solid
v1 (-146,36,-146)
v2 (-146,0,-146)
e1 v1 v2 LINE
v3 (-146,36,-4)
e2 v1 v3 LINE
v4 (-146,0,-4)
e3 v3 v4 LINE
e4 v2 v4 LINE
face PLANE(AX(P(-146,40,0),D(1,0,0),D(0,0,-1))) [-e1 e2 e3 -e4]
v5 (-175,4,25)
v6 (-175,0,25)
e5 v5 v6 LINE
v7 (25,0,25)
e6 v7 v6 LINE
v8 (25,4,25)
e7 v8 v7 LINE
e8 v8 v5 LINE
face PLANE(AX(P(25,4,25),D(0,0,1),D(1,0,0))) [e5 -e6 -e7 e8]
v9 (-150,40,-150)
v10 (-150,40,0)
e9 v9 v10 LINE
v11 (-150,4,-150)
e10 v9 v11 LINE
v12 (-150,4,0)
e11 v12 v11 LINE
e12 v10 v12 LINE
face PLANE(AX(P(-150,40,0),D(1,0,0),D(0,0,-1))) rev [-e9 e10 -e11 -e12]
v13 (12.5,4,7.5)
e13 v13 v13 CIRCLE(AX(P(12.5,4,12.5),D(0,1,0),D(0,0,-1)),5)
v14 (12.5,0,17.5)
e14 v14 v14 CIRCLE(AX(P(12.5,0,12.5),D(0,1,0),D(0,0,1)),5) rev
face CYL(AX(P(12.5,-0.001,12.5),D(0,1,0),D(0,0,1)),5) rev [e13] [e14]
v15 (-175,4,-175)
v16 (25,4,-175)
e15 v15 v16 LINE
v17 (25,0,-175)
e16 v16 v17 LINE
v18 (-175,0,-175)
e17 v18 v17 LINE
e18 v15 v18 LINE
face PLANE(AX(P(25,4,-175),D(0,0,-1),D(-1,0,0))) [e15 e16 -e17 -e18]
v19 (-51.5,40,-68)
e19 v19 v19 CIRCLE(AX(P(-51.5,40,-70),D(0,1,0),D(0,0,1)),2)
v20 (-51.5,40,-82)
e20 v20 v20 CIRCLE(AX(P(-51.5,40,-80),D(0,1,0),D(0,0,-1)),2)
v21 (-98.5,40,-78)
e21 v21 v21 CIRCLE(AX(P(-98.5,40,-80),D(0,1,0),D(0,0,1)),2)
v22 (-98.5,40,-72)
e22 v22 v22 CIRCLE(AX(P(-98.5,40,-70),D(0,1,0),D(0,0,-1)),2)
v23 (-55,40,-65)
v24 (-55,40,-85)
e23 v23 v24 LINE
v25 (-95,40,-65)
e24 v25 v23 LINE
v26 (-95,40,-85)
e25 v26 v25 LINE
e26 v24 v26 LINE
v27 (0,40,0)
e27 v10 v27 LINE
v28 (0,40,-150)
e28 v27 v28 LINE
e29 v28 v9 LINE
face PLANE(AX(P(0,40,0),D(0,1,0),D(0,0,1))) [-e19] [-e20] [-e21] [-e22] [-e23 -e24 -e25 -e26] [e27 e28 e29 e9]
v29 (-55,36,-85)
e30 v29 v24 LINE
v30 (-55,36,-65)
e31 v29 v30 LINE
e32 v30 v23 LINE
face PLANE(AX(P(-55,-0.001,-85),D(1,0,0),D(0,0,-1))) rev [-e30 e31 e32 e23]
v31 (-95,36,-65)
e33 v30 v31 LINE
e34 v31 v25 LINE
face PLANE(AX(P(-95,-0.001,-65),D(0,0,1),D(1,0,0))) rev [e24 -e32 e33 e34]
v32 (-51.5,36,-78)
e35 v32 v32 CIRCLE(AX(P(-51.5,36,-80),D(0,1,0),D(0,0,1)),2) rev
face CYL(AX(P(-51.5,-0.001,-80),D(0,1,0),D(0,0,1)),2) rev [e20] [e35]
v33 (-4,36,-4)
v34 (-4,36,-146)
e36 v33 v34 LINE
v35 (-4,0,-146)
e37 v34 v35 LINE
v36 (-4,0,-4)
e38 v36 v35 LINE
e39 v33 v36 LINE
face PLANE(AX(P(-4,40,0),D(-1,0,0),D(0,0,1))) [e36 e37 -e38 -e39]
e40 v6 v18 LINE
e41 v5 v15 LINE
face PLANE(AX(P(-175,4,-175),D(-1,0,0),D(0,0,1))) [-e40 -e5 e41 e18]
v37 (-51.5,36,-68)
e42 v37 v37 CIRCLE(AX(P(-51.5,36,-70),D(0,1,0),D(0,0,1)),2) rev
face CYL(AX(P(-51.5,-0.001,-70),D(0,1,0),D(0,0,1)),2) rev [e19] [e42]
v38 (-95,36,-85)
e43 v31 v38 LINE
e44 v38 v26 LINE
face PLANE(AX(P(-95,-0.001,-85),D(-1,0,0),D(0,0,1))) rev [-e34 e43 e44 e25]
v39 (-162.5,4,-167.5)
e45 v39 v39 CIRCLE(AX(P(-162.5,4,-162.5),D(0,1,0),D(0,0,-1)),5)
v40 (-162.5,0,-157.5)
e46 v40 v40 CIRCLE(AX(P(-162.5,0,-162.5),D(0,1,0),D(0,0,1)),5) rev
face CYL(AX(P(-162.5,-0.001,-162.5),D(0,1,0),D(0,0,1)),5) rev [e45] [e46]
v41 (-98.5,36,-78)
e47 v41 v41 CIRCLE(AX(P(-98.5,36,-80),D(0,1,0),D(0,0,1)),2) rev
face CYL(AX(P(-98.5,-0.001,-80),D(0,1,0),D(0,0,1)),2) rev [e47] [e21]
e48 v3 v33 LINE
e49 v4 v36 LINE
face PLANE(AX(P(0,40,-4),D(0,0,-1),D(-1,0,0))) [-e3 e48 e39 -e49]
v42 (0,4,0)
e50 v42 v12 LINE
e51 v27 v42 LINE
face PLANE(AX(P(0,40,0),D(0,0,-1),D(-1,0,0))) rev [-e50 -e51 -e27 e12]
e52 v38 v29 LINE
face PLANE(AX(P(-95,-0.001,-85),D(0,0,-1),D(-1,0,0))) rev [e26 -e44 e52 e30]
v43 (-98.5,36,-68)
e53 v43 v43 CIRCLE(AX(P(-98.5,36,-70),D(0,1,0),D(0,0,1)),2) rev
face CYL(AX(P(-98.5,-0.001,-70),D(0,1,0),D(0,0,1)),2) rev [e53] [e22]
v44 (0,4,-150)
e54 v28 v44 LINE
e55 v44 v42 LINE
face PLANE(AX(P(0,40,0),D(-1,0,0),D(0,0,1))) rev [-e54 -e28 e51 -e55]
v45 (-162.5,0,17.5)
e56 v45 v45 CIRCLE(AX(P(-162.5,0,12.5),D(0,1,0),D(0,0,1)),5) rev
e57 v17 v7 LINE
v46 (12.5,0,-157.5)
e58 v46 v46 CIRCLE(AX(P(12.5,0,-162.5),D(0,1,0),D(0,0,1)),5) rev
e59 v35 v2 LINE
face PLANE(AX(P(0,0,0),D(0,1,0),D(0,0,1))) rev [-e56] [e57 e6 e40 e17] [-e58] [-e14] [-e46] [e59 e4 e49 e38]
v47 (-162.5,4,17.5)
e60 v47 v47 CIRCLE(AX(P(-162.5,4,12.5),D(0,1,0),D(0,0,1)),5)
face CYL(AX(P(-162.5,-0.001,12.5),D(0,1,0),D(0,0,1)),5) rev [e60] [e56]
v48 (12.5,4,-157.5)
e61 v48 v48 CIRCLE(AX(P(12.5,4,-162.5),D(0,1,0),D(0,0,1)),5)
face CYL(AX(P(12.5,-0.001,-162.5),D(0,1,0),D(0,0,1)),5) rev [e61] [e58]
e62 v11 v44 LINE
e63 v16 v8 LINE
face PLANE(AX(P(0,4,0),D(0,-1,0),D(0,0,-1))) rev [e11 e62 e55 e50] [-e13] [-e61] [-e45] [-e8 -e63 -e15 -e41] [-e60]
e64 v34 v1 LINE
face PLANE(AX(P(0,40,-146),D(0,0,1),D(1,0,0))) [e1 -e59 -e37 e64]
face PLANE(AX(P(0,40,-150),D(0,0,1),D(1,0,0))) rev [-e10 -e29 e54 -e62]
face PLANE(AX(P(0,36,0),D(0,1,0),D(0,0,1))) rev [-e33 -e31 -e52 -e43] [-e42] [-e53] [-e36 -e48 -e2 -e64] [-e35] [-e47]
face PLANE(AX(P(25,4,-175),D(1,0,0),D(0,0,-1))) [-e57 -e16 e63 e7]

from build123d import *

# Parameters (mm, degrees)
IZIM1_W                     = 150
IZIM1_H                     = 150
Y_KSEKLIK_EKSTR_ZYON1_DEPTH = 40
BO_ALTMA1_T                 = -4
IZIM2_W                     = 200
IZIM2_H                     = 200
IZIM2_W_2                   = 150
IZIM2_H_2                   = 150
Y_KSEKLIK_EKSTR_ZYON2_DEPTH = 4
KES_EKSTR_ZYON1_REACH       = 252.092
IZIM3_R                     = 5
KES_EKSTR_ZYON2_REACH       = 252.699
IZIM4_R                     = 2
IZIM4_W                     = 40
IZIM4_H                     = 20


with BuildPart() as part:
    # Çizim1 → Yükseklik-Ekstrüzyon1 (new body)
    with BuildSketch(Plane(origin=(0, 0, 0), x_dir=(1, 0, 0), z_dir=(0, 1, 0))):
        with Locations((-75, 75)):
            Rectangle(IZIM1_W, IZIM1_H)
    extrude(amount=Y_KSEKLIK_EKSTR_ZYON1_DEPTH)

    # İç Boşaltma1
    bo_altma1_openings = [part.faces().sort_by_distance(p)[0] for p in [
        (-75, 0, -75),
    ]]
    offset(amount=BO_ALTMA1_T, openings=bo_altma1_openings, kind=Kind.INTERSECTION)

    # Çizim2 → Yükseklik-Ekstrüzyon2 (add)
    with BuildSketch(Plane.XZ):
        with Locations((-75, -75)):
            Rectangle(IZIM2_W, IZIM2_H)
        with Locations((-75, -75)):
            Rectangle(IZIM2_W_2, IZIM2_H_2, mode=Mode.SUBTRACT)
    extrude(amount=-Y_KSEKLIK_EKSTR_ZYON2_DEPTH)

    # Çizim3 → Kes-Ekstrüzyon1 (cut, up to next)
    with BuildSketch(Plane(origin=(0, 4, 0), x_dir=(1, 0, 0), z_dir=(0, 1, 0)), mode=Mode.PRIVATE) as kes_ekstr_zyon1_sk1:
        with Locations(Location((12.5, 162.5, 0), (0, 0, 270))):
            Circle(IZIM3_R)
    kes_ekstr_zyon1_tool1 = extrude(kes_ekstr_zyon1_sk1.sketch, amount=-KES_EKSTR_ZYON1_REACH, mode=Mode.PRIVATE) & part.part
    # Çizim3 → Kes-Ekstrüzyon1 (cut, up to next)
    with BuildSketch(Plane(origin=(0, 4, 0), x_dir=(1, 0, 0), z_dir=(0, 1, 0)), mode=Mode.PRIVATE) as kes_ekstr_zyon1_sk2:
        with Locations(Location((12.5, -12.5, 0), (0, 0, 270))):
            Circle(IZIM3_R)
    kes_ekstr_zyon1_tool2 = extrude(kes_ekstr_zyon1_sk2.sketch, amount=-KES_EKSTR_ZYON1_REACH, mode=Mode.PRIVATE) & part.part
    # Çizim3 → Kes-Ekstrüzyon1 (cut, up to next)
    with BuildSketch(Plane(origin=(0, 4, 0), x_dir=(1, 0, 0), z_dir=(0, 1, 0)), mode=Mode.PRIVATE) as kes_ekstr_zyon1_sk3:
        with Locations(Location((-162.5, -12.5, 0), (0, 0, 270))):
            Circle(IZIM3_R)
    kes_ekstr_zyon1_tool3 = extrude(kes_ekstr_zyon1_sk3.sketch, amount=-KES_EKSTR_ZYON1_REACH, mode=Mode.PRIVATE) & part.part
    # Çizim3 → Kes-Ekstrüzyon1 (cut, up to next)
    with BuildSketch(Plane(origin=(0, 4, 0), x_dir=(1, 0, 0), z_dir=(0, 1, 0)), mode=Mode.PRIVATE) as kes_ekstr_zyon1_sk4:
        with Locations(Location((-162.5, 162.5, 0), (0, 0, 270))):
            Circle(IZIM3_R)
    kes_ekstr_zyon1_tool4 = extrude(kes_ekstr_zyon1_sk4.sketch, amount=-KES_EKSTR_ZYON1_REACH, mode=Mode.PRIVATE) & part.part
    add(kes_ekstr_zyon1_tool1.solids().sort_by_distance((12.5, 4, -162.5))[0], mode=Mode.SUBTRACT)
    add(kes_ekstr_zyon1_tool2.solids().sort_by_distance((12.5, 4, 12.5))[0], mode=Mode.SUBTRACT)
    add(kes_ekstr_zyon1_tool3.solids().sort_by_distance((-162.5, 4, 12.5))[0], mode=Mode.SUBTRACT)
    add(kes_ekstr_zyon1_tool4.solids().sort_by_distance((-162.5, 4, -162.5))[0], mode=Mode.SUBTRACT)

    # Çizim4 → Kes-Ekstrüzyon2 (cut, up to next)
    with BuildSketch(Plane(origin=(0, 40, 0), x_dir=(1, 0, 0), z_dir=(0, 1, 0)), mode=Mode.PRIVATE) as kes_ekstr_zyon2_sk1:
        with Locations(Location((-51.5, 70, 0), (0, 0, 270))):
            Circle(IZIM4_R)
    kes_ekstr_zyon2_tool1 = extrude(kes_ekstr_zyon2_sk1.sketch, amount=-KES_EKSTR_ZYON2_REACH, mode=Mode.PRIVATE) & part.part
    # Çizim4 → Kes-Ekstrüzyon2 (cut, up to next)
    with BuildSketch(Plane(origin=(0, 40, 0), x_dir=(1, 0, 0), z_dir=(0, 1, 0)), mode=Mode.PRIVATE) as kes_ekstr_zyon2_sk2:
        with Locations(Location((-51.5, 80, 0), (0, 0, 270))):
            Circle(IZIM4_R)
    kes_ekstr_zyon2_tool2 = extrude(kes_ekstr_zyon2_sk2.sketch, amount=-KES_EKSTR_ZYON2_REACH, mode=Mode.PRIVATE) & part.part
    # Çizim4 → Kes-Ekstrüzyon2 (cut, up to next)
    with BuildSketch(Plane(origin=(0, 40, 0), x_dir=(1, 0, 0), z_dir=(0, 1, 0)), mode=Mode.PRIVATE) as kes_ekstr_zyon2_sk3:
        with Locations(Location((-98.5, 80, 0), (0, 0, 270))):
            Circle(IZIM4_R)
    kes_ekstr_zyon2_tool3 = extrude(kes_ekstr_zyon2_sk3.sketch, amount=-KES_EKSTR_ZYON2_REACH, mode=Mode.PRIVATE) & part.part
    # Çizim4 → Kes-Ekstrüzyon2 (cut, up to next)
    with BuildSketch(Plane(origin=(0, 40, 0), x_dir=(1, 0, 0), z_dir=(0, 1, 0)), mode=Mode.PRIVATE) as kes_ekstr_zyon2_sk4:
        with Locations(Location((-98.5, 70, 0), (0, 0, 270))):
            Circle(IZIM4_R)
    kes_ekstr_zyon2_tool4 = extrude(kes_ekstr_zyon2_sk4.sketch, amount=-KES_EKSTR_ZYON2_REACH, mode=Mode.PRIVATE) & part.part
    # Çizim4 → Kes-Ekstrüzyon2 (cut, up to next)
    with BuildSketch(Plane(origin=(0, 40, 0), x_dir=(1, 0, 0), z_dir=(0, 1, 0)), mode=Mode.PRIVATE) as kes_ekstr_zyon2_sk5:
        with Locations((-75, 75)):
            Rectangle(IZIM4_W, IZIM4_H)
    kes_ekstr_zyon2_tool5 = extrude(kes_ekstr_zyon2_sk5.sketch, amount=-KES_EKSTR_ZYON2_REACH, mode=Mode.PRIVATE) & part.part
    add(kes_ekstr_zyon2_tool1.solids().sort_by_distance((-51.5, 40, -70))[0], mode=Mode.SUBTRACT)
    add(kes_ekstr_zyon2_tool2.solids().sort_by_distance((-51.5, 40, -80))[0], mode=Mode.SUBTRACT)
    add(kes_ekstr_zyon2_tool3.solids().sort_by_distance((-98.5, 40, -80))[0], mode=Mode.SUBTRACT)
    add(kes_ekstr_zyon2_tool4.solids().sort_by_distance((-98.5, 40, -70))[0], mode=Mode.SUBTRACT)
    add(kes_ekstr_zyon2_tool5.solids().sort_by_distance((-75, 40, -75))[0], mode=Mode.SUBTRACT)


solid = part.part
